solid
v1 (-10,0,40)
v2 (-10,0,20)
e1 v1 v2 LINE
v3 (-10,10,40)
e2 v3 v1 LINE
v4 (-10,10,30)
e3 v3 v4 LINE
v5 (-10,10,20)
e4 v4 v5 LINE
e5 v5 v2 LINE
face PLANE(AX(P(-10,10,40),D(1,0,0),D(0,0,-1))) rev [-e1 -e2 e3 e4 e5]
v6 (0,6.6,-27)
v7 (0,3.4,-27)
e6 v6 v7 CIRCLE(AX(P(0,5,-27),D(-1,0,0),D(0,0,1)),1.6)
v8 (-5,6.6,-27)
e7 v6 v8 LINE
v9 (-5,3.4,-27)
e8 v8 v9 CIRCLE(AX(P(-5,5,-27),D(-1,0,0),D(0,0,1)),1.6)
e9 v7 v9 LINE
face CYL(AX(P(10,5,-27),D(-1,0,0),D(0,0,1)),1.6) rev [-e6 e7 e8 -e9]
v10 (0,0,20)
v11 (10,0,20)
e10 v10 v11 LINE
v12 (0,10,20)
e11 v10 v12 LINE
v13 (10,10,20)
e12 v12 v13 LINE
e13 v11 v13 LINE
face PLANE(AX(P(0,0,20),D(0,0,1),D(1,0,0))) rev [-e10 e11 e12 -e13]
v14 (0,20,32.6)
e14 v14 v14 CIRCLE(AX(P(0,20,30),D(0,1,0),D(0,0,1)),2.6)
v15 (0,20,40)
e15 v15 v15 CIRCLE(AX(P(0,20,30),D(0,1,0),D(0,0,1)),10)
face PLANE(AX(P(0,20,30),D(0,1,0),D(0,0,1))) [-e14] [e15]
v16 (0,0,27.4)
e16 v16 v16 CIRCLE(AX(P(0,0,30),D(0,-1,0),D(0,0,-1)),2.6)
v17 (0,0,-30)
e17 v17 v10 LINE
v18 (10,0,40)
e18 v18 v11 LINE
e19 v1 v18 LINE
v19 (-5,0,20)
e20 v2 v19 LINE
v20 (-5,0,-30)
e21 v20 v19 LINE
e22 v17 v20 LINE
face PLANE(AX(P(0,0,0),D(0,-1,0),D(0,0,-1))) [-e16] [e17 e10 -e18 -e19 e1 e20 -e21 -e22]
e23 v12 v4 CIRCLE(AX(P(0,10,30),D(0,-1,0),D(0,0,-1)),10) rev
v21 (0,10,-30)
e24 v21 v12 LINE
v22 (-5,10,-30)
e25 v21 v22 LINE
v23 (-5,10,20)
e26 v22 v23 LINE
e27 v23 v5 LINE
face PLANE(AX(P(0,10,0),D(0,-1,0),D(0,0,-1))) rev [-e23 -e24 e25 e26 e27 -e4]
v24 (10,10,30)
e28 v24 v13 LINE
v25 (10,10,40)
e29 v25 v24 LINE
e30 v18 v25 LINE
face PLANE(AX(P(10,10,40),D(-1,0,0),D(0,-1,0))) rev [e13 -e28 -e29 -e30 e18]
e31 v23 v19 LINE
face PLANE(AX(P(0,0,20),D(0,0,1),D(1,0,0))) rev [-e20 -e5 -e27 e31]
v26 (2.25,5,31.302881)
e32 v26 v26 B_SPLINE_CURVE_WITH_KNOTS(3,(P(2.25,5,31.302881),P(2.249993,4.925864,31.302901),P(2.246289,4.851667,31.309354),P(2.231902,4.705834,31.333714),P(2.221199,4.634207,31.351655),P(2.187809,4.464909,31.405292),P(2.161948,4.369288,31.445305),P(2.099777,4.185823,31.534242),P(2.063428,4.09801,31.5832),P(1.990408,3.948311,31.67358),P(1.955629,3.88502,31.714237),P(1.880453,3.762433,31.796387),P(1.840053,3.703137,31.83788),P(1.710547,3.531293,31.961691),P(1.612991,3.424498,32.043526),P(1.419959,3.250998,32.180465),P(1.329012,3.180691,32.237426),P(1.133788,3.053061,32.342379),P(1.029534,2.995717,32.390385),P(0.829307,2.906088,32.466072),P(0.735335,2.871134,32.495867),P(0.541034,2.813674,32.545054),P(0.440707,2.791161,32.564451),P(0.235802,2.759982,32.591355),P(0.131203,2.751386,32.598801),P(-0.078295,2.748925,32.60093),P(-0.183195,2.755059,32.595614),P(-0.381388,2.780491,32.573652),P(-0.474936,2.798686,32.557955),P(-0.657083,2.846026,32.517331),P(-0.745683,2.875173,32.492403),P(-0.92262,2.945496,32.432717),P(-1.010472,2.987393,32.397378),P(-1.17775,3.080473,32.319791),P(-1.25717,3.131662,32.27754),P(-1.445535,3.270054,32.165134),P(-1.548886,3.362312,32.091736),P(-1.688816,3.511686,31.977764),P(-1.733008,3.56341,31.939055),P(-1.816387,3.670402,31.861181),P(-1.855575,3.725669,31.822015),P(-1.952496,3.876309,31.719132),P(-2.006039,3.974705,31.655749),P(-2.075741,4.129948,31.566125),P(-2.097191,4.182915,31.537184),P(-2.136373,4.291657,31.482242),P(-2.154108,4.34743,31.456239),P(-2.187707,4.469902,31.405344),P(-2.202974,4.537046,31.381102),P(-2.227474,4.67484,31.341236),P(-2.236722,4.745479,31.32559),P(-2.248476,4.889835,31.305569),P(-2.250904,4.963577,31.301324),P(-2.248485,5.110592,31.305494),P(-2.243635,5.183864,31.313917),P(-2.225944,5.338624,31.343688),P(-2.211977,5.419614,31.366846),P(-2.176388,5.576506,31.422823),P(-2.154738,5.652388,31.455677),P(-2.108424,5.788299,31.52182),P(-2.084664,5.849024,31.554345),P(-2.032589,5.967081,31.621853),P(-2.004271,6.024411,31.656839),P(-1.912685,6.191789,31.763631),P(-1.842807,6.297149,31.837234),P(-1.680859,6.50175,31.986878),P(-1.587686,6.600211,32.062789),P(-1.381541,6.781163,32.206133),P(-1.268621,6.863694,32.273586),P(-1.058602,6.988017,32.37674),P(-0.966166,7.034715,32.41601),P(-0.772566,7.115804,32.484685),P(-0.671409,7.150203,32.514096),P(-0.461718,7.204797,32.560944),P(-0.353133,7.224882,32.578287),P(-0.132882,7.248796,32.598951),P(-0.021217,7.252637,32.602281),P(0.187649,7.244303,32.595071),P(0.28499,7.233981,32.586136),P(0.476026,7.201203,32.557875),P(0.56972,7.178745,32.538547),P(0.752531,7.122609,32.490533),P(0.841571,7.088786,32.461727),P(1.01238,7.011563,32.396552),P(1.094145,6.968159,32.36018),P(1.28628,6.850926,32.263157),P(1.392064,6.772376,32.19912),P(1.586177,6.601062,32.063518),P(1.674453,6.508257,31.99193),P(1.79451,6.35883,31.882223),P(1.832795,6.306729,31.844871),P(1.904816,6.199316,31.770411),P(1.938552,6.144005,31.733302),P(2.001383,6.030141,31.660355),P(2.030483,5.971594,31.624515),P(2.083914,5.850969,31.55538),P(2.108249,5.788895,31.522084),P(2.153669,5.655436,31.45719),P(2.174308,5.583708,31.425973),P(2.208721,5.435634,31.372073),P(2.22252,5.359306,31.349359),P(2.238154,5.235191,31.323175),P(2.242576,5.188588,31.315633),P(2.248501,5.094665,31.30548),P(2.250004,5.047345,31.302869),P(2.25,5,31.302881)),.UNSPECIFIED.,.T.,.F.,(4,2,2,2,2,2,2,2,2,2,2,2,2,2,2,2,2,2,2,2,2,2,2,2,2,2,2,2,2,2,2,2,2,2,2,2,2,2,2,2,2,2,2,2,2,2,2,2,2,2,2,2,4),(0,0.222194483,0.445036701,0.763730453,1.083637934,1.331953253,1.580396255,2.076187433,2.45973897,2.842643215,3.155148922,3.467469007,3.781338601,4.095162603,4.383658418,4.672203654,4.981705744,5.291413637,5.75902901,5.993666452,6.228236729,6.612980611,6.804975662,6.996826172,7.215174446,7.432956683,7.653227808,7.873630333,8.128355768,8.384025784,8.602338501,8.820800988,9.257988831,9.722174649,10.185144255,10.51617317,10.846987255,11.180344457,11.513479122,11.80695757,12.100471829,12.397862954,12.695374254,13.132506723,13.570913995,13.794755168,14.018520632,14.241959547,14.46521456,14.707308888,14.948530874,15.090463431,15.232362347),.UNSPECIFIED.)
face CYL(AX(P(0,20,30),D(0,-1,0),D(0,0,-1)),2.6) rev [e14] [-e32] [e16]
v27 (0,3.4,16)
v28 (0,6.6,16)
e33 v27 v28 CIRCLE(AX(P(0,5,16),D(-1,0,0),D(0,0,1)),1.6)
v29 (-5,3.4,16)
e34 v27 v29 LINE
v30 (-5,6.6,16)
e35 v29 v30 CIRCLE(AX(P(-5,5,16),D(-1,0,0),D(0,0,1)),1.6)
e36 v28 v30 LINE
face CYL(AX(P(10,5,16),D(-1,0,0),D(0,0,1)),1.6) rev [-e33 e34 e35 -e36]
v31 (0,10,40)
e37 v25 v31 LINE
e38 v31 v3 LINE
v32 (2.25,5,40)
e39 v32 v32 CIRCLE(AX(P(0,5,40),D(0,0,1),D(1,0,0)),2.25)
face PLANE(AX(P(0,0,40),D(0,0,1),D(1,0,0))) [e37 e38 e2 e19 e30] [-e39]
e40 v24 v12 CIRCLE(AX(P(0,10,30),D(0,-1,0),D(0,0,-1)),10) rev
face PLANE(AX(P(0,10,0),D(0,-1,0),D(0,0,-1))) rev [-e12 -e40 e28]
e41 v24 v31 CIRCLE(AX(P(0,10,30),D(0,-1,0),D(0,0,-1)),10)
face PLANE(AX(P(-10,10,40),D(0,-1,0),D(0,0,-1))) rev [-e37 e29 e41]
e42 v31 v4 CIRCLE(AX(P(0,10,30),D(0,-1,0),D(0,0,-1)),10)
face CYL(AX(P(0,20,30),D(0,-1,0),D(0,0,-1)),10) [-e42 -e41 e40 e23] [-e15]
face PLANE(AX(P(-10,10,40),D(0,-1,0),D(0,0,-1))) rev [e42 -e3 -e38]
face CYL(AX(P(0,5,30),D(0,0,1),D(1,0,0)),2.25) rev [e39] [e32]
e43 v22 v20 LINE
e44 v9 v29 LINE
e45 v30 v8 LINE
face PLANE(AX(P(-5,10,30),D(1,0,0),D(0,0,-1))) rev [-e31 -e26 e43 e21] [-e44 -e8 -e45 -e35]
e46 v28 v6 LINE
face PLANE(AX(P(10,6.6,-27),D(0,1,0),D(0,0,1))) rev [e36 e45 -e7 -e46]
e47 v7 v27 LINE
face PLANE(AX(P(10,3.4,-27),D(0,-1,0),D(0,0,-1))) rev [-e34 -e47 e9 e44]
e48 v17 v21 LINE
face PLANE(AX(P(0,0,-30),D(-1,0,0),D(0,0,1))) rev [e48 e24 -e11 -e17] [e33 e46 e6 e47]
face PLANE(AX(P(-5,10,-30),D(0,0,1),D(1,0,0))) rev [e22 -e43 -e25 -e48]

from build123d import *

# Parameters (mm, degrees)
SKETCH_3_W          = 10
SKETCH_3_H          = 60
EXTRUDE_3_DEPTH     = 10
SKETCH_4_R          = 10
SKETCH_4_R_2        = 2.6
EXTRUDE_4_DEPTH     = 20
SKETCH_6_W          = 6
SKETCH_6_H          = 50
CUT_EXTRUDE_2_DEPTH = 43.426406871
CUT_EXTRUDE_3_DEPTH = 48.16990566
SKETCH_16_W         = 20
SKETCH_16_H         = 10
EXTRUDE_5_DEPTH     = 20
SKETCH_5_R          = 2.6
CUT_EXTRUDE_1_DEPTH = 46.82575695
SKETCH_18_R         = 2.25
CUT_EXTRUDE_4_DEPTH = 10


with BuildPart() as part:
    # 草图3 → 凸台-拉伸3 (new body)
    with BuildSketch(Plane(origin=(0, 0, 0), x_dir=(1, 0, 0), z_dir=(0, 1, 0))):
        Rectangle(SKETCH_3_W, SKETCH_3_H)
    extrude(amount=EXTRUDE_3_DEPTH)

    # 草图4 → 凸台-拉伸4 (add)
    with BuildSketch(Plane(origin=(0, 0, 0), x_dir=(1, 0, 0), z_dir=(0, 1, 0))):
        with Locations(Location((0, -30, 0), (0, 0, 60))):
            Circle(SKETCH_4_R)
        with Locations(Location((0, -30, 0), (0, 0, 180))):
            Circle(SKETCH_4_R_2, mode=Mode.SUBTRACT)
    extrude(amount=EXTRUDE_4_DEPTH)

    # 草图6 → 切除-拉伸2 (cut, through all)
    with BuildSketch(Plane(origin=(0, 10, 0), x_dir=(1, 0, 0), z_dir=(0, 1, 0))):
        with Locations((3, 5)):
            Rectangle(SKETCH_6_W, SKETCH_6_H)
    extrude(amount=-CUT_EXTRUDE_2_DEPTH, mode=Mode.SUBTRACT)

    # 草图7 → 切除-拉伸3 (cut, through all)
    with BuildSketch(Plane.ZY.offset(5)):
        with BuildLine():
            Line((-27, 6.6), (16, 6.6))
            ThreePointArc((16, 6.6), (17.6, 5), (16, 3.4))
            Line((16, 3.4), (-27, 3.4))
            ThreePointArc((-27, 3.4), (-28.6, 5), (-27, 6.6))
        make_face()
    extrude(amount=-CUT_EXTRUDE_3_DEPTH, mode=Mode.SUBTRACT)

    # 草图16 → 凸台-拉伸5 (add)
    with BuildSketch(Plane.XY.offset(20)):
        with Locations((0, 5)):
            Rectangle(SKETCH_16_W, SKETCH_16_H)
    extrude(amount=EXTRUDE_5_DEPTH)

    # 草图5 → 切除-拉伸1 (cut, through all)
    with BuildSketch(Plane.XZ):
        with Locations(Location((0, 30, 0), (0, 0, 270))):
            Circle(SKETCH_5_R)
    extrude(amount=-CUT_EXTRUDE_1_DEPTH, mode=Mode.SUBTRACT)

    # 草图18 → 切除-拉伸4 (cut)
    with BuildSketch(Plane.XY.offset(40)):
        with Locations((0, 5)):
            Circle(SKETCH_18_R)
    extrude(amount=-CUT_EXTRUDE_4_DEPTH, mode=Mode.SUBTRACT)


solid = part.part
